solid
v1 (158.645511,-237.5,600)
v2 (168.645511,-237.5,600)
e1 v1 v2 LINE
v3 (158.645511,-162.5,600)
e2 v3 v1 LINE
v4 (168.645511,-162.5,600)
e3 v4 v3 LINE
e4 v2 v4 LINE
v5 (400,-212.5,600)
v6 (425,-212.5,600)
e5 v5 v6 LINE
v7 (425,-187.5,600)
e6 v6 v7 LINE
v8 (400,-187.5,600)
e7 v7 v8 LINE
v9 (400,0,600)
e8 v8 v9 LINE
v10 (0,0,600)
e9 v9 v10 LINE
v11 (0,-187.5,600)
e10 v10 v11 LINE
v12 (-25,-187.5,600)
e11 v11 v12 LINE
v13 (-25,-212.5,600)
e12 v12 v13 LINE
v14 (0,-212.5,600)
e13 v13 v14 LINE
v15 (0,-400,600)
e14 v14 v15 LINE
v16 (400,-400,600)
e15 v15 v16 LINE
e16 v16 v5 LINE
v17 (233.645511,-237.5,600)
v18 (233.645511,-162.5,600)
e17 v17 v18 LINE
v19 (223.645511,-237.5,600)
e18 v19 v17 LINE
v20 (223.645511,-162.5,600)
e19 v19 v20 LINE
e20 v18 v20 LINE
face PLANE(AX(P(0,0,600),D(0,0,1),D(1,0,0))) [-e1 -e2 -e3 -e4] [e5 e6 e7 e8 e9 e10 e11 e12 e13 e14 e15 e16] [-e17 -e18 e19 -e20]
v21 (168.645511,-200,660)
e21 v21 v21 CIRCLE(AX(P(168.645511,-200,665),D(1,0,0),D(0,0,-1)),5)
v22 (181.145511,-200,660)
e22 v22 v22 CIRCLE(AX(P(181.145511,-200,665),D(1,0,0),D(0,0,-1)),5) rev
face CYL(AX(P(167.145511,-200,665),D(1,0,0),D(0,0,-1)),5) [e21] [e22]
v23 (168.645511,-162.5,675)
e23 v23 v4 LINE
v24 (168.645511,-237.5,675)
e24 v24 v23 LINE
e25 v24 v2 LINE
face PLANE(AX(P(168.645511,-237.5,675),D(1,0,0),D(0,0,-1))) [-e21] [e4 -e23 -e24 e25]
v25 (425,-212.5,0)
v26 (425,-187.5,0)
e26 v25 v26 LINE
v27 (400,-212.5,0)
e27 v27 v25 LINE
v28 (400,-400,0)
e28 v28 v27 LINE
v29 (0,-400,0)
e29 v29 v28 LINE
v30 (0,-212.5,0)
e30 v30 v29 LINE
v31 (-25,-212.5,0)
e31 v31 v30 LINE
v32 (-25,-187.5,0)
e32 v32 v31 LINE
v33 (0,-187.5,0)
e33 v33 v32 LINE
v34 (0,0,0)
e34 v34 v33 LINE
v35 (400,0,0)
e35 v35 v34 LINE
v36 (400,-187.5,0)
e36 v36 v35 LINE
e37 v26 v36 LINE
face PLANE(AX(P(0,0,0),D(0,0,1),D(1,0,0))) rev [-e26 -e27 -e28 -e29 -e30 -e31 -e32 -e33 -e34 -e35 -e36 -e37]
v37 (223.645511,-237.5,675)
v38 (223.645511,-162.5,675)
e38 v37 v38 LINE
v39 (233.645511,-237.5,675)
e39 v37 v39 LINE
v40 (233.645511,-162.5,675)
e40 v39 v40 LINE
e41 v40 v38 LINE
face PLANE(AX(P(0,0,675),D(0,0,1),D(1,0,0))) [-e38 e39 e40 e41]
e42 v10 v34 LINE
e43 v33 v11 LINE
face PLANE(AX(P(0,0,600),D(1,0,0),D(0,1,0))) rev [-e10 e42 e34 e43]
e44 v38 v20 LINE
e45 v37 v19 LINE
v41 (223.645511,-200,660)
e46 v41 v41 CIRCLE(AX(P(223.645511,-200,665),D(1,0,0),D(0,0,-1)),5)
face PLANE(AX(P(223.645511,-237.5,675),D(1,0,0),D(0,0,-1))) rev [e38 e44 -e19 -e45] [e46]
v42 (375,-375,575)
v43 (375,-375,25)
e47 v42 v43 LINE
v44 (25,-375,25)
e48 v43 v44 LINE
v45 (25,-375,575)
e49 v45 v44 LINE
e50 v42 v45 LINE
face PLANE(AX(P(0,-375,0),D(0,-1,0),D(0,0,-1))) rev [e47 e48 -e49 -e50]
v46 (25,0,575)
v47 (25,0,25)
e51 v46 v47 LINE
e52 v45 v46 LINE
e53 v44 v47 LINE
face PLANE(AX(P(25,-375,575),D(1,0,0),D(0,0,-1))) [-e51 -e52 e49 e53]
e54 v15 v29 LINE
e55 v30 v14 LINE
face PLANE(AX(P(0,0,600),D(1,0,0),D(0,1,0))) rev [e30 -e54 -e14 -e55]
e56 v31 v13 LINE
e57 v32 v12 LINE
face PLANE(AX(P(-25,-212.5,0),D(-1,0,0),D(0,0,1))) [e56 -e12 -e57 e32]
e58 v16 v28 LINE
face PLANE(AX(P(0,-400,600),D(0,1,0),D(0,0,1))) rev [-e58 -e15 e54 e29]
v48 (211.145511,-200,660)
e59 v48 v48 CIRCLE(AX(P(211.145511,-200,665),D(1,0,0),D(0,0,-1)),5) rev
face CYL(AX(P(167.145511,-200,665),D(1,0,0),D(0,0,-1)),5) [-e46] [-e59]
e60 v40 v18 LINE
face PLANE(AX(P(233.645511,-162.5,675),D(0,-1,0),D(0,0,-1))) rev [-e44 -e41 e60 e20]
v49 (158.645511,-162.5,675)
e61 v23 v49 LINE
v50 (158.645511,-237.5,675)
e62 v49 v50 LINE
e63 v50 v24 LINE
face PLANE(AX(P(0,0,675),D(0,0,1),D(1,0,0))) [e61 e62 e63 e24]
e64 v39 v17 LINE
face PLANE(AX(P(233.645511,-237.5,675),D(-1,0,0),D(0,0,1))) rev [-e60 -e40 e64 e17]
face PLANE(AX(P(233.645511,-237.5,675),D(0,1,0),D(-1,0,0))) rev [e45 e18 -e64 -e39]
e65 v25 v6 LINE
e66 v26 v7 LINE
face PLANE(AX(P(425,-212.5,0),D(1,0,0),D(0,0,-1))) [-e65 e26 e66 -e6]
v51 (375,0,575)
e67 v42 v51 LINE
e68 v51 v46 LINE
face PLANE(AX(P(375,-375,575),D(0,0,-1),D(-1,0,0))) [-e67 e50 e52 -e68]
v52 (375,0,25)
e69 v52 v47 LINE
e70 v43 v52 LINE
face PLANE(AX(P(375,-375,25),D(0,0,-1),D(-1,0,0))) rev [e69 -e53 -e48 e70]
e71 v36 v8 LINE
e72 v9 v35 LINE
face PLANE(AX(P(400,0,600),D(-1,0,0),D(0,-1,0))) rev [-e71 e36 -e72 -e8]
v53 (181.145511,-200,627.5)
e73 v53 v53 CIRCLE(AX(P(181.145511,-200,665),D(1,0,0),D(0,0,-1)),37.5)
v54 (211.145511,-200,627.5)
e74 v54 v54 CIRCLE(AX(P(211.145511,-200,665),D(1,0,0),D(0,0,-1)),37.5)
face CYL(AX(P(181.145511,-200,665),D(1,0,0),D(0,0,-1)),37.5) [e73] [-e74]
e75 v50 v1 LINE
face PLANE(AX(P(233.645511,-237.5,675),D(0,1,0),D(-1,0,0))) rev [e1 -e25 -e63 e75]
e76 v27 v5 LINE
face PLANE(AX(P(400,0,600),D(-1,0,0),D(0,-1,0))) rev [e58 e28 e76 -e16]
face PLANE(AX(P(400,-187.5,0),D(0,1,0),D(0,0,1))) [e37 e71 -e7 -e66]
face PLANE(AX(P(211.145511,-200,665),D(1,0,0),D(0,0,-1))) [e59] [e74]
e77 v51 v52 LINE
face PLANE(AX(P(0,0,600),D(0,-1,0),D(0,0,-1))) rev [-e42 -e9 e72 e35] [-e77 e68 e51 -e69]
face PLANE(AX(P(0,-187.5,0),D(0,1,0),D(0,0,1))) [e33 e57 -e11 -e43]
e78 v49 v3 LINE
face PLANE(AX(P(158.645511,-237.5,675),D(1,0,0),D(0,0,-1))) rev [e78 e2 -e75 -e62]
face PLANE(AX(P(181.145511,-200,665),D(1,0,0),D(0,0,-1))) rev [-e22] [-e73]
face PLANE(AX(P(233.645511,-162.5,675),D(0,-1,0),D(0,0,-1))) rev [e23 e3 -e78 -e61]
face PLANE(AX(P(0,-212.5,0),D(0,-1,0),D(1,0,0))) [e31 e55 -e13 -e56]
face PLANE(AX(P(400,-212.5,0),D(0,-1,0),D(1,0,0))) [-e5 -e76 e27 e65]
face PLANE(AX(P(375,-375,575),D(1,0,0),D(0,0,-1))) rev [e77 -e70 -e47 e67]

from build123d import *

# Parameters (mm, degrees)
SKETCH1_W                = 400
SKETCH1_H                = 400
BOSS_EXTRUDE1_DEPTH      = 600
SKETCH2_W                = 350
SKETCH2_H                = 550
CUT_EXTRUDE1_DEPTH       = 375
SKETCH3_W                = 25
SKETCH3_H                = 25
BOSS_EXTRUDE2_DEPTH      = 600
SKETCH4_W                = 75
SKETCH4_H                = 75
BOSS_EXTRUDE3_DEPTH      = 75
SKETCH5_W                = 55
SKETCH5_H                = 75
CUT_EXTRUDE2_DEPTH       = 75
BOSS_EXTRUDE4_START      = -22.5
SKETCH6_R                = 37.5
BOSS_EXTRUDE4_DEPTH      = 30
BOSS_EXTRUDE5_DEPTH      = 22
BOSS_EXTRUDE5_DEPTH_BACK = 44
SKETCH7_R                = 5


with BuildPart() as part:
    # Sketch1 → Boss-Extrude1 (new body)
    with BuildSketch(Plane.XY):
        with Locations((200, -200)):
            Rectangle(SKETCH1_W, SKETCH1_H)
    extrude(amount=BOSS_EXTRUDE1_DEPTH)

    # Sketch2 → Cut-Extrude1 (cut)
    with BuildSketch(Plane(origin=(0, 0, 0), x_dir=(1, 0, 0), z_dir=(0, 1, 0))):
        with Locations((200, -300)):
            Rectangle(SKETCH2_W, SKETCH2_H)
    extrude(amount=-CUT_EXTRUDE1_DEPTH, mode=Mode.SUBTRACT)

    # Sketch3 → Boss-Extrude2 (add)
    with BuildSketch(Plane.XY.offset(600)):
        with Locations((412.5, -200)):
            Rectangle(SKETCH3_W, SKETCH3_H)
        with Locations((-12.5, -200)):
            Rectangle(SKETCH3_W, SKETCH3_H)
    extrude(amount=-BOSS_EXTRUDE2_DEPTH)

    # Sketch4 → Boss-Extrude3 (add)
    with BuildSketch(Plane.XY.offset(600)):
        with Locations((196.145511261, -200)):
            Rectangle(SKETCH4_W, SKETCH4_H)
    extrude(amount=BOSS_EXTRUDE3_DEPTH)

    # Sketch5 → Cut-Extrude2 (cut)
    with BuildSketch(Plane(origin=(0, -162.5, 0), x_dir=(1, 0, 0), z_dir=(0, 1, 0))):
        with Locations((196.145511261, -637.5)):
            Rectangle(SKETCH5_W, SKETCH5_H)
    extrude(amount=-CUT_EXTRUDE2_DEPTH, mode=Mode.SUBTRACT)



with BuildPart() as body_2:
    # Sketch6 → Boss-Extrude4 (new body)
    with BuildSketch(Plane(origin=(233.645511261, 0, 0), x_dir=(0, 0, -1), z_dir=(1, 0, 0)).offset(BOSS_EXTRUDE4_START)):
        with Locations((-665, -200)):
            Circle(SKETCH6_R)
    extrude(amount=-BOSS_EXTRUDE4_DEPTH)


with BuildPart() as part_1:
    add(part.part)

    add(body_2.part)  # Boss-Extrude5 merges body 2
    # Sketch7 → Boss-Extrude5 (add, two sides: drawn at the far end of the back side and taken through both)
    with BuildSketch(Plane(origin=(211.145511261, 0, 0), x_dir=(0, 0, -1), z_dir=(1, 0, 0)).offset(-BOSS_EXTRUDE5_DEPTH_BACK)):
        with Locations((-665, -200)):
            Circle(SKETCH7_R)
    extrude(amount=BOSS_EXTRUDE5_DEPTH + BOSS_EXTRUDE5_DEPTH_BACK)


solid = part_1.part
